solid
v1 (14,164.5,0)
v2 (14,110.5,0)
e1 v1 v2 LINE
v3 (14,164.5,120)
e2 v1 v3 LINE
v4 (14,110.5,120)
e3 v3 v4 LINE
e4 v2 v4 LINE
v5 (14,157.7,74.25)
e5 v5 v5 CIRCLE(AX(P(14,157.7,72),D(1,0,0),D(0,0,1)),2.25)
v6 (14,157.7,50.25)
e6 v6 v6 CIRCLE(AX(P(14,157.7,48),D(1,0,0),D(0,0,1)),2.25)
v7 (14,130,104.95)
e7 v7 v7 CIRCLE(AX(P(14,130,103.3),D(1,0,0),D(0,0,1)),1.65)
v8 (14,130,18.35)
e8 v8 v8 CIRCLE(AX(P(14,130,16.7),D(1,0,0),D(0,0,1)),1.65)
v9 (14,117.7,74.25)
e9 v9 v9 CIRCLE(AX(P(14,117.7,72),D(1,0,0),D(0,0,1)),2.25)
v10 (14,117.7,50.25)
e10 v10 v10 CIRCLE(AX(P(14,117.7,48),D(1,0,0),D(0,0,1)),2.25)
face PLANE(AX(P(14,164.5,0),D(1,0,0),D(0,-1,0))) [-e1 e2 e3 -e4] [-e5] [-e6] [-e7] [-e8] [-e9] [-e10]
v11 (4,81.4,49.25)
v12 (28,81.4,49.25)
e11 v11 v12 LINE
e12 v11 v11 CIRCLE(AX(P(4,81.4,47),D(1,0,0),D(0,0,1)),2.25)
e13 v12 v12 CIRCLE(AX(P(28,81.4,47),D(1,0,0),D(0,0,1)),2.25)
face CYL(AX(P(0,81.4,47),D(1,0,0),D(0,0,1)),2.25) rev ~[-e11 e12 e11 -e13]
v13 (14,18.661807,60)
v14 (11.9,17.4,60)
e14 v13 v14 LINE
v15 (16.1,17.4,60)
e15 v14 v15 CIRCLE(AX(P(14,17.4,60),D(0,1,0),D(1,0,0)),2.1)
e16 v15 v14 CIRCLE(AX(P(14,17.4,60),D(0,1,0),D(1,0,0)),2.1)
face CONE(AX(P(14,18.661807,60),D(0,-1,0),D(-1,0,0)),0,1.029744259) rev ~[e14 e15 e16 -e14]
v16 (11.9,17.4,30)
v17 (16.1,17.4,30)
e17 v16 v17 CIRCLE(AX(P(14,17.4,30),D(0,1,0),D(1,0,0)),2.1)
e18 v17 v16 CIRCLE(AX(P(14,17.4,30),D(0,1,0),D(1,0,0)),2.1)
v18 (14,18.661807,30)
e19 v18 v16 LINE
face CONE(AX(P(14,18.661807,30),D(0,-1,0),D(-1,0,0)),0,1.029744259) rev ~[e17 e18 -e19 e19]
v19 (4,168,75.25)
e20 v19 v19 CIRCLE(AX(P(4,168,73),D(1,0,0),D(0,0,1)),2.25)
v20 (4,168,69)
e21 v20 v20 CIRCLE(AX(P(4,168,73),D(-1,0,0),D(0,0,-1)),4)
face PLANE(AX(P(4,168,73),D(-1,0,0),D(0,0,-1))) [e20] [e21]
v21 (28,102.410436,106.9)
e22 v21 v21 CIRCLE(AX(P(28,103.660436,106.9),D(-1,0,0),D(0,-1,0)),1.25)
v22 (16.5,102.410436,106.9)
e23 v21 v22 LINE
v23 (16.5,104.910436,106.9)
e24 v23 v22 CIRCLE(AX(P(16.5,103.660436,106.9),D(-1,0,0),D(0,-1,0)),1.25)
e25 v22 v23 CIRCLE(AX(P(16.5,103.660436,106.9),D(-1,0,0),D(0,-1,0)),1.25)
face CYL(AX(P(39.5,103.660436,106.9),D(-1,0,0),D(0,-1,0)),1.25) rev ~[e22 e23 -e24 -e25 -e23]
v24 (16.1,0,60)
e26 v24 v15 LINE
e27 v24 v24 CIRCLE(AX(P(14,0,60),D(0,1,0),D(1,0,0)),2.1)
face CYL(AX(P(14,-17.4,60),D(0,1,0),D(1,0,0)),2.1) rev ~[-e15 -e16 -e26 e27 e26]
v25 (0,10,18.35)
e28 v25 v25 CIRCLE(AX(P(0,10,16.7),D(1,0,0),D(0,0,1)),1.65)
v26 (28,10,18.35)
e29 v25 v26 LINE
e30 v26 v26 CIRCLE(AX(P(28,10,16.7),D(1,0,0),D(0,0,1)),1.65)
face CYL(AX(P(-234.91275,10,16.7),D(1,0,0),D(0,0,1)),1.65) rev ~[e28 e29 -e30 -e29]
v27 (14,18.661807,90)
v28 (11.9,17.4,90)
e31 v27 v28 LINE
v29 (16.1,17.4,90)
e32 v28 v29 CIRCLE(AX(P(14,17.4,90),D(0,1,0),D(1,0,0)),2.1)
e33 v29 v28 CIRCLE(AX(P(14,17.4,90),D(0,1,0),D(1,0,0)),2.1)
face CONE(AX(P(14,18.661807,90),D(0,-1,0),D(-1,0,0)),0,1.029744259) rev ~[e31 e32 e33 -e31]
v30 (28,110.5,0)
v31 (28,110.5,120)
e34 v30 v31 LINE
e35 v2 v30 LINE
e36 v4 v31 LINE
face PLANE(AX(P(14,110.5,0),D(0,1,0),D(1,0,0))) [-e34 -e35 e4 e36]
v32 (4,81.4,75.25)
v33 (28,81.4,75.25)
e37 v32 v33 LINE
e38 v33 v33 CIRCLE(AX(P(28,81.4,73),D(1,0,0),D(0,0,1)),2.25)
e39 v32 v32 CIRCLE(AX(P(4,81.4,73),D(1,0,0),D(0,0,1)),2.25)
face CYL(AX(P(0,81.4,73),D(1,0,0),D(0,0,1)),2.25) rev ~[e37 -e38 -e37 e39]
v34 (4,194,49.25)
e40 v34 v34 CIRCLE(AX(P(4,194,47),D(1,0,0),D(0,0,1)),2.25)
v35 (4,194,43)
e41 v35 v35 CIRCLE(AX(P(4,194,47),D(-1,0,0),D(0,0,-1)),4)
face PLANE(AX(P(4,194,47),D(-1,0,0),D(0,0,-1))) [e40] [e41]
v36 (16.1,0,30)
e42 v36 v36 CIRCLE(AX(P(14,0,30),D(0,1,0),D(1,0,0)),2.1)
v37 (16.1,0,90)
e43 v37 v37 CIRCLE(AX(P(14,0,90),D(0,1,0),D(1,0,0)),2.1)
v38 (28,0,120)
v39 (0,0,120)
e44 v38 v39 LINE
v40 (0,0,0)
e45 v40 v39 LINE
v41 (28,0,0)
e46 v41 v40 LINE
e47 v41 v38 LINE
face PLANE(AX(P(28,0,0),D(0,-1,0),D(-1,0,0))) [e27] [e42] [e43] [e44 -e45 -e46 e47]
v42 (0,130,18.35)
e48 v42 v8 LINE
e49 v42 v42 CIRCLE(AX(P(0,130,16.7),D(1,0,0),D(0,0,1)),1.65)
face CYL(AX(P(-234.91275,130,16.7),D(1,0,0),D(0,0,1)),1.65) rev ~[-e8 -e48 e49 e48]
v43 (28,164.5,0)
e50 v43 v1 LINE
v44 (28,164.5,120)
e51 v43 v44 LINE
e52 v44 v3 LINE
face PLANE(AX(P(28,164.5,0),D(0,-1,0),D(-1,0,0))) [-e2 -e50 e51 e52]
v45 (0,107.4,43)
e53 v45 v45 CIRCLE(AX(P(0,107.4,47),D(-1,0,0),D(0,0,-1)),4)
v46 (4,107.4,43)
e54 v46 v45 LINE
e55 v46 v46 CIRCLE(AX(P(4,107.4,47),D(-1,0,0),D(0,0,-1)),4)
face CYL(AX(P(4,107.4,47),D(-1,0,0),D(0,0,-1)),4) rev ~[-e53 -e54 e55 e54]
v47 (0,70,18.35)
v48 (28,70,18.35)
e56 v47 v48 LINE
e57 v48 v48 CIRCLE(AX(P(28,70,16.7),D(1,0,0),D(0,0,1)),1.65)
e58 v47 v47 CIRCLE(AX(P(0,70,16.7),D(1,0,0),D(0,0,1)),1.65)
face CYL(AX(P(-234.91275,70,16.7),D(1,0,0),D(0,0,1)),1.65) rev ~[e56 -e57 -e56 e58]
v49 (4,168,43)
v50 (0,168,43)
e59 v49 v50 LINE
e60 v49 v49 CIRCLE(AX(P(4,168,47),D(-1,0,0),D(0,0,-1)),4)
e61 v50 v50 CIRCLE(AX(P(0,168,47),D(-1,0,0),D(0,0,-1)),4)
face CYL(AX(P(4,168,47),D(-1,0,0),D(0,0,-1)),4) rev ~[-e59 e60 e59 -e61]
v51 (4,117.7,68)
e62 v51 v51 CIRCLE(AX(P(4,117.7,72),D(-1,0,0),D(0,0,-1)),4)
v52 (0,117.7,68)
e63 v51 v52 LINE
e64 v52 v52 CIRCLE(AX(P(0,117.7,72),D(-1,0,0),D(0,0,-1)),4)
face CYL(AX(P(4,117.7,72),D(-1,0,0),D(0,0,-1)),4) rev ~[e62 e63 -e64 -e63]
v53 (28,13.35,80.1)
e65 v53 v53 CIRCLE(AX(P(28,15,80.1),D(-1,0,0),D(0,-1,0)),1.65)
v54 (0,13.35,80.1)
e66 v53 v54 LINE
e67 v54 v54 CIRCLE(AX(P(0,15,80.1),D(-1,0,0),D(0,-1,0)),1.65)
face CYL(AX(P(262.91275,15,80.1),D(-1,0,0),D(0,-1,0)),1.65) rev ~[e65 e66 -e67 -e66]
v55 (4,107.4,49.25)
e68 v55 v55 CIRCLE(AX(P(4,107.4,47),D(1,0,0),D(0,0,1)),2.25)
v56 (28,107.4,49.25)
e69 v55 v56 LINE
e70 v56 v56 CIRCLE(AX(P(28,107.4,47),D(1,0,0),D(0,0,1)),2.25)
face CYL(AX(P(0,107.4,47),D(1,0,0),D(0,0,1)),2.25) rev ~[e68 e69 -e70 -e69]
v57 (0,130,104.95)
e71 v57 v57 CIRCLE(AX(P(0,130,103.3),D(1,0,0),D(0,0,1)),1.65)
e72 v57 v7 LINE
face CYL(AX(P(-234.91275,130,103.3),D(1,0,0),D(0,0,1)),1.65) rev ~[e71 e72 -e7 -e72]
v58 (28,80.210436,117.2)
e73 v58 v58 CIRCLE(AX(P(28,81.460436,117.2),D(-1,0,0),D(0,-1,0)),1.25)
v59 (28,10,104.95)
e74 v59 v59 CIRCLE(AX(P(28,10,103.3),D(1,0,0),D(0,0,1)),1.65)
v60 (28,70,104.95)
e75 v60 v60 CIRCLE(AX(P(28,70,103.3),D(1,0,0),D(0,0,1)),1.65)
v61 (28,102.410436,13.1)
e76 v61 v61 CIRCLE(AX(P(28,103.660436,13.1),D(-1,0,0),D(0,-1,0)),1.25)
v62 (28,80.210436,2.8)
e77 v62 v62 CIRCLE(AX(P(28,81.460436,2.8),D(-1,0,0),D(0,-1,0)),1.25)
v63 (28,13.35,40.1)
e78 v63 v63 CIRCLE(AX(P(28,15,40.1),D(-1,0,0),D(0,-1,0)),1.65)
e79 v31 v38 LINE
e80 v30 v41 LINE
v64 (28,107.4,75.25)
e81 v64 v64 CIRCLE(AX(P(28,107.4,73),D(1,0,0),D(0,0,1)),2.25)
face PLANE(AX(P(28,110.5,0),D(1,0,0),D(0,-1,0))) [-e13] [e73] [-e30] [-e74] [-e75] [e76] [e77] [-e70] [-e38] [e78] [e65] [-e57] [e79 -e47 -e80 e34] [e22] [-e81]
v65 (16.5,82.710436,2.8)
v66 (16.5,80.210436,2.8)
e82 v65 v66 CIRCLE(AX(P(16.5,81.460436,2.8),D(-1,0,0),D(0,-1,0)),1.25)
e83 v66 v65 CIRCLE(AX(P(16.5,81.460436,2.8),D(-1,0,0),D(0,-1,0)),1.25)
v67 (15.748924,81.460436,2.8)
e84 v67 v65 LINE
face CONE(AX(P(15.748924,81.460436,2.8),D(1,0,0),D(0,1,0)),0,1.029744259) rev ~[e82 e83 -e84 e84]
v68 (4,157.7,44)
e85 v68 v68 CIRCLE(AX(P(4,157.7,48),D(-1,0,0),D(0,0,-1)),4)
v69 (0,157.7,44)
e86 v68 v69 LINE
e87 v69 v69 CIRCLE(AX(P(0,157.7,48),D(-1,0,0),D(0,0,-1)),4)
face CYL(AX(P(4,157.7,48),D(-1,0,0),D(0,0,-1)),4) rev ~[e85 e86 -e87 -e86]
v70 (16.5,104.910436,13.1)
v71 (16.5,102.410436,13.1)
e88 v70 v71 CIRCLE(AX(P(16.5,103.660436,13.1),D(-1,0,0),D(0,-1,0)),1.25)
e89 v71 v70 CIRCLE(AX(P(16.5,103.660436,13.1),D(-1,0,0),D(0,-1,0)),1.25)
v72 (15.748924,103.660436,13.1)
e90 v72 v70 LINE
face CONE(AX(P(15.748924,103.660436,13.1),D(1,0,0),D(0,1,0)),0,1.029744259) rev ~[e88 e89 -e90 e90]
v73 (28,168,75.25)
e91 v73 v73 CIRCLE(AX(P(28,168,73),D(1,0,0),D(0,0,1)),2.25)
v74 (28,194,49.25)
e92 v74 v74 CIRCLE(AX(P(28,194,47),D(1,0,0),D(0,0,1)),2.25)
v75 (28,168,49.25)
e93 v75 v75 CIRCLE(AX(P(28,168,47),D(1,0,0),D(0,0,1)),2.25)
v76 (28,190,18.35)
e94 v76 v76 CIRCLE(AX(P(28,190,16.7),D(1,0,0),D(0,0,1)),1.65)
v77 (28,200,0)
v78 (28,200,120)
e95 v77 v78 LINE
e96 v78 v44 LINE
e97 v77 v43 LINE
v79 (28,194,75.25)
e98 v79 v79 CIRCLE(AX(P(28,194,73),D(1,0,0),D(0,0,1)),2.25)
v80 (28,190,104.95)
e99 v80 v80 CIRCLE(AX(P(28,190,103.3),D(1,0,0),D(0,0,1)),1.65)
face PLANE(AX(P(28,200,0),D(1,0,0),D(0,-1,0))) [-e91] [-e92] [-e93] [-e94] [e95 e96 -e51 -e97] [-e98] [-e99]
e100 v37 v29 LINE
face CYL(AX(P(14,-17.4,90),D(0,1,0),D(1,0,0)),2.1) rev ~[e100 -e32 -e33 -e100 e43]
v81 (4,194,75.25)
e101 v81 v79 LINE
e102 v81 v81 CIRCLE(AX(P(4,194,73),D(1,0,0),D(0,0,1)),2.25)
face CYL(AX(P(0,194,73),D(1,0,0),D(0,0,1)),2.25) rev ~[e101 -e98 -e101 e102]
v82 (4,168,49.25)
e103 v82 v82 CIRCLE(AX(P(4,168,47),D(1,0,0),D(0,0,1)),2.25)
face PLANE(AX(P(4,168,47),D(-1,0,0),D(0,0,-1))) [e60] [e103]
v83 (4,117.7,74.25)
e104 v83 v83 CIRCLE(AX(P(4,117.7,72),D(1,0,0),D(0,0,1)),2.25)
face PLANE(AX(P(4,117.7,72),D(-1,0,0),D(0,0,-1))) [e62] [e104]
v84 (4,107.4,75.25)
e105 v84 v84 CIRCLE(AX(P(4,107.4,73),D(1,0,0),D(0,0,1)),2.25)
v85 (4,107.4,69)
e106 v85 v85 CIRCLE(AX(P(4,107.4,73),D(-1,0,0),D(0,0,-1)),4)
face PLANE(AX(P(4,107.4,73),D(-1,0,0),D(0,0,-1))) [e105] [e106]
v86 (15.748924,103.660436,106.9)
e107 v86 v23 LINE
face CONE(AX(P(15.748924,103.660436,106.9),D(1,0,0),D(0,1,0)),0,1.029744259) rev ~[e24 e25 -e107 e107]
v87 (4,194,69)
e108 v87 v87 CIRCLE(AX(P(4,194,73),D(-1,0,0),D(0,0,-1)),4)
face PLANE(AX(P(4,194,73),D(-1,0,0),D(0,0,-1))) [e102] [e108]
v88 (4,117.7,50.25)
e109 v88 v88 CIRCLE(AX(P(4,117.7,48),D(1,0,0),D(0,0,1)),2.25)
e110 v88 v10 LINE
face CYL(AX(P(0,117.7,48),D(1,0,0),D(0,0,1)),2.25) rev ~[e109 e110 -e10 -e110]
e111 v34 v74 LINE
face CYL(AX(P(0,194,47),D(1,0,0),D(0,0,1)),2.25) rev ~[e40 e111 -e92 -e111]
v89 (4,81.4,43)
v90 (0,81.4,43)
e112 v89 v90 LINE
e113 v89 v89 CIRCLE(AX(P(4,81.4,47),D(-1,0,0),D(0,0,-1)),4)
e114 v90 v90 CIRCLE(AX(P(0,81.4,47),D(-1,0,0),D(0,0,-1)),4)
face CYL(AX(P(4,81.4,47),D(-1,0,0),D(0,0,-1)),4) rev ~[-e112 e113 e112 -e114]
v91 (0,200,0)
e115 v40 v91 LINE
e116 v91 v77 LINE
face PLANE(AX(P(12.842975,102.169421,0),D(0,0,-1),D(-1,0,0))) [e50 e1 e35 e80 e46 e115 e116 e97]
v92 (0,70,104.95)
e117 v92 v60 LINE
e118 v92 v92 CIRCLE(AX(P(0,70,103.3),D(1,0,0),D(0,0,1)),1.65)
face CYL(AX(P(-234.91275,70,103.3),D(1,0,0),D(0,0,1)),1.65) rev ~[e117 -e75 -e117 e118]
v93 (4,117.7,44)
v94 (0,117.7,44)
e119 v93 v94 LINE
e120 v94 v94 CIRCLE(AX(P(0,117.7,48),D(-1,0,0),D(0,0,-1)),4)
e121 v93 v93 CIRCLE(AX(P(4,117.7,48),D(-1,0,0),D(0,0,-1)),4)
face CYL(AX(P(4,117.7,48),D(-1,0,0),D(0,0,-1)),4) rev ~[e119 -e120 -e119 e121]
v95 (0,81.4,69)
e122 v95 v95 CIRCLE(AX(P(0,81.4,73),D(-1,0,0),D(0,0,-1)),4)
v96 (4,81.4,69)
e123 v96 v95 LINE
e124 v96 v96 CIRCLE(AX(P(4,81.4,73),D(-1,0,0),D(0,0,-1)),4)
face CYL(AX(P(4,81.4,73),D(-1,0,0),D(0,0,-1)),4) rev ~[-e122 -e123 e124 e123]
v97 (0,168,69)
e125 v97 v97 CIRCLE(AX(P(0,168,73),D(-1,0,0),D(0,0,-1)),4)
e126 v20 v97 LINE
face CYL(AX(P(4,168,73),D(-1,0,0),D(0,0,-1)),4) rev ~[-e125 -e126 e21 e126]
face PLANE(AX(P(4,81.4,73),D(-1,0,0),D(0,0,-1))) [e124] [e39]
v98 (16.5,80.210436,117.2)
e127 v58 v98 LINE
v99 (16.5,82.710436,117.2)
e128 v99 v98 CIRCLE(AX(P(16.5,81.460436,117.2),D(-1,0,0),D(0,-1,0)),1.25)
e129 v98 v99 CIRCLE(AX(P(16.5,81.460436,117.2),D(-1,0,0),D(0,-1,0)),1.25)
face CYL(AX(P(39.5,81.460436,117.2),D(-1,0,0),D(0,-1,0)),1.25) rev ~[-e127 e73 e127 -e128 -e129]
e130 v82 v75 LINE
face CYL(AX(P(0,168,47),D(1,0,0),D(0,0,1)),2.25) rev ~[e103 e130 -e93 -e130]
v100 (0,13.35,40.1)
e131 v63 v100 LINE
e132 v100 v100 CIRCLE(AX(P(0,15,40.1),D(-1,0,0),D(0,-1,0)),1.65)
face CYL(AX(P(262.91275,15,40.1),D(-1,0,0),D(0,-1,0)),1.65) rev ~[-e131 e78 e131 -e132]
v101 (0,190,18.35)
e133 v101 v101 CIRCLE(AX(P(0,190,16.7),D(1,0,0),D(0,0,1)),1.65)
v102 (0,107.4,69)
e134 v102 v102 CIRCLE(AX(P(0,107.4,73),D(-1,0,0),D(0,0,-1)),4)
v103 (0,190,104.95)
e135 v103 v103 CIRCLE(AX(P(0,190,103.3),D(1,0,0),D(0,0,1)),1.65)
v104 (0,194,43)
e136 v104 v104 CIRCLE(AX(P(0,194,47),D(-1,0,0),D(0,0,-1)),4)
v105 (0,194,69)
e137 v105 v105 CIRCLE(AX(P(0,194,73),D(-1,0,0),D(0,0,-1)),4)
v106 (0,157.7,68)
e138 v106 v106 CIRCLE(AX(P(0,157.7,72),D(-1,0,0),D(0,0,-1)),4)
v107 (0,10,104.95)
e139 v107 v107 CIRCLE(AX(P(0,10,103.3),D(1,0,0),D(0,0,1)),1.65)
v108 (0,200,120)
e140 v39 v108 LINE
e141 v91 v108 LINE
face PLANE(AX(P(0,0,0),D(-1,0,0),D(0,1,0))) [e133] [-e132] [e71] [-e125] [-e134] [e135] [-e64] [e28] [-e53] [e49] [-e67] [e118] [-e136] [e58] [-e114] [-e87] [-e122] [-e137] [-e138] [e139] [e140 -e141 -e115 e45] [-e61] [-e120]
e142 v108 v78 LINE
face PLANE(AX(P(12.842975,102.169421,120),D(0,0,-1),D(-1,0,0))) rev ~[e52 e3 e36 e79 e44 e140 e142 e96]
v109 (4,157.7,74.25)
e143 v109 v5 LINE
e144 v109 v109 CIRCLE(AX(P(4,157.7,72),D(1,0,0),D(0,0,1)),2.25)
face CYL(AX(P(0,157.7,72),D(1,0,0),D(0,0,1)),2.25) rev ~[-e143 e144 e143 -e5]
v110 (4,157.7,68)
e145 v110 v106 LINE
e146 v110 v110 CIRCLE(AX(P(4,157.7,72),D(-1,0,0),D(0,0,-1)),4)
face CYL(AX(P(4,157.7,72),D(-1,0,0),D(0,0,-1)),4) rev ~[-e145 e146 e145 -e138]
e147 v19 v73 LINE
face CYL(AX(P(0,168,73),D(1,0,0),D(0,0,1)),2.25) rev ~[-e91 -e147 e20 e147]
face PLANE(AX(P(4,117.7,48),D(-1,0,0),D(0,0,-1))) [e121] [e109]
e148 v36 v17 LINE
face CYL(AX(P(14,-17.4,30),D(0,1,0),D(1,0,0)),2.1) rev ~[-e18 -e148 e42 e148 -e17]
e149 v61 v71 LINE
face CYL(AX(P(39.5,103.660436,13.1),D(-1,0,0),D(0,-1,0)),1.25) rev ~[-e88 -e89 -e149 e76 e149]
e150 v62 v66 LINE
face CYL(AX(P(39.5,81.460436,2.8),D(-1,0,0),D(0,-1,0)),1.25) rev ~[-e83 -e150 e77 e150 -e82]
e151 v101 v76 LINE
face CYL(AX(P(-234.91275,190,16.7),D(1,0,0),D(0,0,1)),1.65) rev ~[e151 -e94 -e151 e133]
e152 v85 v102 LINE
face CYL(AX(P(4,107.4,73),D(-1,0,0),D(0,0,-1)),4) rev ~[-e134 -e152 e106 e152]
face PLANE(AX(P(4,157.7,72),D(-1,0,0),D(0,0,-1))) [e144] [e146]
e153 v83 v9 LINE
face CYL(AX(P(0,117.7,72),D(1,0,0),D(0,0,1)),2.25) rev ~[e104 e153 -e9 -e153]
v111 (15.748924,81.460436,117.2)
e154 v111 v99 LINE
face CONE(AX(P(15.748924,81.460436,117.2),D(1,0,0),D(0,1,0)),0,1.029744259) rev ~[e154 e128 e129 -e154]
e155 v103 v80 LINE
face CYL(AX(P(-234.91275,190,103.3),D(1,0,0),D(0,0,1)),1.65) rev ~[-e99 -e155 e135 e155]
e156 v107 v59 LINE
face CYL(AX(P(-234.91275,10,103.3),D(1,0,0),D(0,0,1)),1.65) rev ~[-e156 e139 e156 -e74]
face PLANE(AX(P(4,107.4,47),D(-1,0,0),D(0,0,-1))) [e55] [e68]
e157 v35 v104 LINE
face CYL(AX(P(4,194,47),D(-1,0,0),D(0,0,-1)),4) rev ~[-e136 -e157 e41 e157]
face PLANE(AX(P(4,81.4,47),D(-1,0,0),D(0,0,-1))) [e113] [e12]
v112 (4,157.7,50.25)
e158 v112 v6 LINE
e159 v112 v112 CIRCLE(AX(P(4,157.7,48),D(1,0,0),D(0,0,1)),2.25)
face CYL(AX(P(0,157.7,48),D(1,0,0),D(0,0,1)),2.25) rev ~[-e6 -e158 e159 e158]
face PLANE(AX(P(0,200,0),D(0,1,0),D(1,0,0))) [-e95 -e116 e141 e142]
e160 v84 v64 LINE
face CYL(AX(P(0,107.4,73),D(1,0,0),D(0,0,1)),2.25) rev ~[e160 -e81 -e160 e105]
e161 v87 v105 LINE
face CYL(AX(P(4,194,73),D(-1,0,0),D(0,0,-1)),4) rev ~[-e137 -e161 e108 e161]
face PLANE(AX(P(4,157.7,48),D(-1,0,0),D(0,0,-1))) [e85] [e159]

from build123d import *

# Parameters (mm, degrees)
BOSS_EXTRUDE1_DEPTH            = 120
CBORE_FOR_M4_SHCS4_D           = 4.5
CBORE_FOR_M4_SHCS4_CBORE_D     = 8
CBORE_FOR_M4_SHCS4_CBORE_DEPTH = 4
M4_TAPPED_HOLE1_D              = 3.3
M5_TAPPED_HOLE1_D              = 4.2
M5_TAPPED_HOLE1_DEPTH          = 17.4
M5_TAPPED_HOLE1_TIP            = 1.2618073
M4_TAPPED_HOLE2_D              = 3.3
M3_TAPPED_HOLE2_D              = 2.5
M3_TAPPED_HOLE2_DEPTH          = 11.5
M3_TAPPED_HOLE2_TIP            = 0.751075774


with BuildPart() as part:
    # Sketch1 → Boss-Extrude1 (new body)
    with BuildSketch(Plane.XY):
        Polygon((0, 0), (0, 200), (28, 200), (28, 164.5), (14, 164.5), (14, 110.5), (28, 110.5), (28, 0), align=None)
    extrude(amount=BOSS_EXTRUDE1_DEPTH)

    # CBORE for M4 SHCS4 (through all)
    with Locations(Plane(origin=(0, 194, 73), x_dir=(0, 0, -1), z_dir=(-1, 0, 0))):
        with Locations((0, 0), (0, 26), (1, 36.3), (1, 76.3), (0, 86.6), (0, 112.6), (26, 112.6), (26, 86.6), (25, 76.3), (25, 36.3), (26, 26), (26, 0)):
            CounterBoreHole(CBORE_FOR_M4_SHCS4_D / 2, CBORE_FOR_M4_SHCS4_CBORE_D / 2, CBORE_FOR_M4_SHCS4_CBORE_DEPTH)

    # M4 Tapped Hole1 (through all)
    with Locations(Plane(origin=(0, 190, 16.7), x_dir=(0, 0, -1), z_dir=(-1, 0, 0))):
        with Locations((0, 0), (0, 60), (0, 120), (0, 180), (-86.6, 180), (-86.6, 120), (-86.6, 60), (-86.6, 0)):
            Hole(M4_TAPPED_HOLE1_D / 2)

    # M5 Tapped Hole1
    with Locations(Plane(origin=(14, 0, 90), x_dir=(-1, 0, 0), z_dir=(0, -1, 0))):
        with Locations((0, 0), (0, 30), (0, 60)):
            Hole(M5_TAPPED_HOLE1_D / 2, depth=M5_TAPPED_HOLE1_DEPTH)
            with Locations((0, 0, -(M5_TAPPED_HOLE1_DEPTH + M5_TAPPED_HOLE1_TIP / 2))):  # 118° drill point
                Cone(0, M5_TAPPED_HOLE1_D / 2, M5_TAPPED_HOLE1_TIP, mode=Mode.SUBTRACT)

    # M4 Tapped Hole2 (through all)
    with Locations(Plane(origin=(28, 15, 80.1), x_dir=(0, 1, 0), z_dir=(1, 0, 0))):
        with Locations((0, 0), (0, -40)):
            Hole(M4_TAPPED_HOLE2_D / 2)

    # M3 Tapped Hole2
    with Locations(Plane(origin=(28, 103.660435599, 106.9), x_dir=(0, 1, 0), z_dir=(1, 0, 0))):
        with Locations((0, 0), (-22.2, 10.3), (0, -93.8), (-22.2, -104.1)):
            Hole(M3_TAPPED_HOLE2_D / 2, depth=M3_TAPPED_HOLE2_DEPTH)
            with Locations((0, 0, -(M3_TAPPED_HOLE2_DEPTH + M3_TAPPED_HOLE2_TIP / 2))):  # 118° drill point
                Cone(0, M3_TAPPED_HOLE2_D / 2, M3_TAPPED_HOLE2_TIP, mode=Mode.SUBTRACT)


solid = part.part
